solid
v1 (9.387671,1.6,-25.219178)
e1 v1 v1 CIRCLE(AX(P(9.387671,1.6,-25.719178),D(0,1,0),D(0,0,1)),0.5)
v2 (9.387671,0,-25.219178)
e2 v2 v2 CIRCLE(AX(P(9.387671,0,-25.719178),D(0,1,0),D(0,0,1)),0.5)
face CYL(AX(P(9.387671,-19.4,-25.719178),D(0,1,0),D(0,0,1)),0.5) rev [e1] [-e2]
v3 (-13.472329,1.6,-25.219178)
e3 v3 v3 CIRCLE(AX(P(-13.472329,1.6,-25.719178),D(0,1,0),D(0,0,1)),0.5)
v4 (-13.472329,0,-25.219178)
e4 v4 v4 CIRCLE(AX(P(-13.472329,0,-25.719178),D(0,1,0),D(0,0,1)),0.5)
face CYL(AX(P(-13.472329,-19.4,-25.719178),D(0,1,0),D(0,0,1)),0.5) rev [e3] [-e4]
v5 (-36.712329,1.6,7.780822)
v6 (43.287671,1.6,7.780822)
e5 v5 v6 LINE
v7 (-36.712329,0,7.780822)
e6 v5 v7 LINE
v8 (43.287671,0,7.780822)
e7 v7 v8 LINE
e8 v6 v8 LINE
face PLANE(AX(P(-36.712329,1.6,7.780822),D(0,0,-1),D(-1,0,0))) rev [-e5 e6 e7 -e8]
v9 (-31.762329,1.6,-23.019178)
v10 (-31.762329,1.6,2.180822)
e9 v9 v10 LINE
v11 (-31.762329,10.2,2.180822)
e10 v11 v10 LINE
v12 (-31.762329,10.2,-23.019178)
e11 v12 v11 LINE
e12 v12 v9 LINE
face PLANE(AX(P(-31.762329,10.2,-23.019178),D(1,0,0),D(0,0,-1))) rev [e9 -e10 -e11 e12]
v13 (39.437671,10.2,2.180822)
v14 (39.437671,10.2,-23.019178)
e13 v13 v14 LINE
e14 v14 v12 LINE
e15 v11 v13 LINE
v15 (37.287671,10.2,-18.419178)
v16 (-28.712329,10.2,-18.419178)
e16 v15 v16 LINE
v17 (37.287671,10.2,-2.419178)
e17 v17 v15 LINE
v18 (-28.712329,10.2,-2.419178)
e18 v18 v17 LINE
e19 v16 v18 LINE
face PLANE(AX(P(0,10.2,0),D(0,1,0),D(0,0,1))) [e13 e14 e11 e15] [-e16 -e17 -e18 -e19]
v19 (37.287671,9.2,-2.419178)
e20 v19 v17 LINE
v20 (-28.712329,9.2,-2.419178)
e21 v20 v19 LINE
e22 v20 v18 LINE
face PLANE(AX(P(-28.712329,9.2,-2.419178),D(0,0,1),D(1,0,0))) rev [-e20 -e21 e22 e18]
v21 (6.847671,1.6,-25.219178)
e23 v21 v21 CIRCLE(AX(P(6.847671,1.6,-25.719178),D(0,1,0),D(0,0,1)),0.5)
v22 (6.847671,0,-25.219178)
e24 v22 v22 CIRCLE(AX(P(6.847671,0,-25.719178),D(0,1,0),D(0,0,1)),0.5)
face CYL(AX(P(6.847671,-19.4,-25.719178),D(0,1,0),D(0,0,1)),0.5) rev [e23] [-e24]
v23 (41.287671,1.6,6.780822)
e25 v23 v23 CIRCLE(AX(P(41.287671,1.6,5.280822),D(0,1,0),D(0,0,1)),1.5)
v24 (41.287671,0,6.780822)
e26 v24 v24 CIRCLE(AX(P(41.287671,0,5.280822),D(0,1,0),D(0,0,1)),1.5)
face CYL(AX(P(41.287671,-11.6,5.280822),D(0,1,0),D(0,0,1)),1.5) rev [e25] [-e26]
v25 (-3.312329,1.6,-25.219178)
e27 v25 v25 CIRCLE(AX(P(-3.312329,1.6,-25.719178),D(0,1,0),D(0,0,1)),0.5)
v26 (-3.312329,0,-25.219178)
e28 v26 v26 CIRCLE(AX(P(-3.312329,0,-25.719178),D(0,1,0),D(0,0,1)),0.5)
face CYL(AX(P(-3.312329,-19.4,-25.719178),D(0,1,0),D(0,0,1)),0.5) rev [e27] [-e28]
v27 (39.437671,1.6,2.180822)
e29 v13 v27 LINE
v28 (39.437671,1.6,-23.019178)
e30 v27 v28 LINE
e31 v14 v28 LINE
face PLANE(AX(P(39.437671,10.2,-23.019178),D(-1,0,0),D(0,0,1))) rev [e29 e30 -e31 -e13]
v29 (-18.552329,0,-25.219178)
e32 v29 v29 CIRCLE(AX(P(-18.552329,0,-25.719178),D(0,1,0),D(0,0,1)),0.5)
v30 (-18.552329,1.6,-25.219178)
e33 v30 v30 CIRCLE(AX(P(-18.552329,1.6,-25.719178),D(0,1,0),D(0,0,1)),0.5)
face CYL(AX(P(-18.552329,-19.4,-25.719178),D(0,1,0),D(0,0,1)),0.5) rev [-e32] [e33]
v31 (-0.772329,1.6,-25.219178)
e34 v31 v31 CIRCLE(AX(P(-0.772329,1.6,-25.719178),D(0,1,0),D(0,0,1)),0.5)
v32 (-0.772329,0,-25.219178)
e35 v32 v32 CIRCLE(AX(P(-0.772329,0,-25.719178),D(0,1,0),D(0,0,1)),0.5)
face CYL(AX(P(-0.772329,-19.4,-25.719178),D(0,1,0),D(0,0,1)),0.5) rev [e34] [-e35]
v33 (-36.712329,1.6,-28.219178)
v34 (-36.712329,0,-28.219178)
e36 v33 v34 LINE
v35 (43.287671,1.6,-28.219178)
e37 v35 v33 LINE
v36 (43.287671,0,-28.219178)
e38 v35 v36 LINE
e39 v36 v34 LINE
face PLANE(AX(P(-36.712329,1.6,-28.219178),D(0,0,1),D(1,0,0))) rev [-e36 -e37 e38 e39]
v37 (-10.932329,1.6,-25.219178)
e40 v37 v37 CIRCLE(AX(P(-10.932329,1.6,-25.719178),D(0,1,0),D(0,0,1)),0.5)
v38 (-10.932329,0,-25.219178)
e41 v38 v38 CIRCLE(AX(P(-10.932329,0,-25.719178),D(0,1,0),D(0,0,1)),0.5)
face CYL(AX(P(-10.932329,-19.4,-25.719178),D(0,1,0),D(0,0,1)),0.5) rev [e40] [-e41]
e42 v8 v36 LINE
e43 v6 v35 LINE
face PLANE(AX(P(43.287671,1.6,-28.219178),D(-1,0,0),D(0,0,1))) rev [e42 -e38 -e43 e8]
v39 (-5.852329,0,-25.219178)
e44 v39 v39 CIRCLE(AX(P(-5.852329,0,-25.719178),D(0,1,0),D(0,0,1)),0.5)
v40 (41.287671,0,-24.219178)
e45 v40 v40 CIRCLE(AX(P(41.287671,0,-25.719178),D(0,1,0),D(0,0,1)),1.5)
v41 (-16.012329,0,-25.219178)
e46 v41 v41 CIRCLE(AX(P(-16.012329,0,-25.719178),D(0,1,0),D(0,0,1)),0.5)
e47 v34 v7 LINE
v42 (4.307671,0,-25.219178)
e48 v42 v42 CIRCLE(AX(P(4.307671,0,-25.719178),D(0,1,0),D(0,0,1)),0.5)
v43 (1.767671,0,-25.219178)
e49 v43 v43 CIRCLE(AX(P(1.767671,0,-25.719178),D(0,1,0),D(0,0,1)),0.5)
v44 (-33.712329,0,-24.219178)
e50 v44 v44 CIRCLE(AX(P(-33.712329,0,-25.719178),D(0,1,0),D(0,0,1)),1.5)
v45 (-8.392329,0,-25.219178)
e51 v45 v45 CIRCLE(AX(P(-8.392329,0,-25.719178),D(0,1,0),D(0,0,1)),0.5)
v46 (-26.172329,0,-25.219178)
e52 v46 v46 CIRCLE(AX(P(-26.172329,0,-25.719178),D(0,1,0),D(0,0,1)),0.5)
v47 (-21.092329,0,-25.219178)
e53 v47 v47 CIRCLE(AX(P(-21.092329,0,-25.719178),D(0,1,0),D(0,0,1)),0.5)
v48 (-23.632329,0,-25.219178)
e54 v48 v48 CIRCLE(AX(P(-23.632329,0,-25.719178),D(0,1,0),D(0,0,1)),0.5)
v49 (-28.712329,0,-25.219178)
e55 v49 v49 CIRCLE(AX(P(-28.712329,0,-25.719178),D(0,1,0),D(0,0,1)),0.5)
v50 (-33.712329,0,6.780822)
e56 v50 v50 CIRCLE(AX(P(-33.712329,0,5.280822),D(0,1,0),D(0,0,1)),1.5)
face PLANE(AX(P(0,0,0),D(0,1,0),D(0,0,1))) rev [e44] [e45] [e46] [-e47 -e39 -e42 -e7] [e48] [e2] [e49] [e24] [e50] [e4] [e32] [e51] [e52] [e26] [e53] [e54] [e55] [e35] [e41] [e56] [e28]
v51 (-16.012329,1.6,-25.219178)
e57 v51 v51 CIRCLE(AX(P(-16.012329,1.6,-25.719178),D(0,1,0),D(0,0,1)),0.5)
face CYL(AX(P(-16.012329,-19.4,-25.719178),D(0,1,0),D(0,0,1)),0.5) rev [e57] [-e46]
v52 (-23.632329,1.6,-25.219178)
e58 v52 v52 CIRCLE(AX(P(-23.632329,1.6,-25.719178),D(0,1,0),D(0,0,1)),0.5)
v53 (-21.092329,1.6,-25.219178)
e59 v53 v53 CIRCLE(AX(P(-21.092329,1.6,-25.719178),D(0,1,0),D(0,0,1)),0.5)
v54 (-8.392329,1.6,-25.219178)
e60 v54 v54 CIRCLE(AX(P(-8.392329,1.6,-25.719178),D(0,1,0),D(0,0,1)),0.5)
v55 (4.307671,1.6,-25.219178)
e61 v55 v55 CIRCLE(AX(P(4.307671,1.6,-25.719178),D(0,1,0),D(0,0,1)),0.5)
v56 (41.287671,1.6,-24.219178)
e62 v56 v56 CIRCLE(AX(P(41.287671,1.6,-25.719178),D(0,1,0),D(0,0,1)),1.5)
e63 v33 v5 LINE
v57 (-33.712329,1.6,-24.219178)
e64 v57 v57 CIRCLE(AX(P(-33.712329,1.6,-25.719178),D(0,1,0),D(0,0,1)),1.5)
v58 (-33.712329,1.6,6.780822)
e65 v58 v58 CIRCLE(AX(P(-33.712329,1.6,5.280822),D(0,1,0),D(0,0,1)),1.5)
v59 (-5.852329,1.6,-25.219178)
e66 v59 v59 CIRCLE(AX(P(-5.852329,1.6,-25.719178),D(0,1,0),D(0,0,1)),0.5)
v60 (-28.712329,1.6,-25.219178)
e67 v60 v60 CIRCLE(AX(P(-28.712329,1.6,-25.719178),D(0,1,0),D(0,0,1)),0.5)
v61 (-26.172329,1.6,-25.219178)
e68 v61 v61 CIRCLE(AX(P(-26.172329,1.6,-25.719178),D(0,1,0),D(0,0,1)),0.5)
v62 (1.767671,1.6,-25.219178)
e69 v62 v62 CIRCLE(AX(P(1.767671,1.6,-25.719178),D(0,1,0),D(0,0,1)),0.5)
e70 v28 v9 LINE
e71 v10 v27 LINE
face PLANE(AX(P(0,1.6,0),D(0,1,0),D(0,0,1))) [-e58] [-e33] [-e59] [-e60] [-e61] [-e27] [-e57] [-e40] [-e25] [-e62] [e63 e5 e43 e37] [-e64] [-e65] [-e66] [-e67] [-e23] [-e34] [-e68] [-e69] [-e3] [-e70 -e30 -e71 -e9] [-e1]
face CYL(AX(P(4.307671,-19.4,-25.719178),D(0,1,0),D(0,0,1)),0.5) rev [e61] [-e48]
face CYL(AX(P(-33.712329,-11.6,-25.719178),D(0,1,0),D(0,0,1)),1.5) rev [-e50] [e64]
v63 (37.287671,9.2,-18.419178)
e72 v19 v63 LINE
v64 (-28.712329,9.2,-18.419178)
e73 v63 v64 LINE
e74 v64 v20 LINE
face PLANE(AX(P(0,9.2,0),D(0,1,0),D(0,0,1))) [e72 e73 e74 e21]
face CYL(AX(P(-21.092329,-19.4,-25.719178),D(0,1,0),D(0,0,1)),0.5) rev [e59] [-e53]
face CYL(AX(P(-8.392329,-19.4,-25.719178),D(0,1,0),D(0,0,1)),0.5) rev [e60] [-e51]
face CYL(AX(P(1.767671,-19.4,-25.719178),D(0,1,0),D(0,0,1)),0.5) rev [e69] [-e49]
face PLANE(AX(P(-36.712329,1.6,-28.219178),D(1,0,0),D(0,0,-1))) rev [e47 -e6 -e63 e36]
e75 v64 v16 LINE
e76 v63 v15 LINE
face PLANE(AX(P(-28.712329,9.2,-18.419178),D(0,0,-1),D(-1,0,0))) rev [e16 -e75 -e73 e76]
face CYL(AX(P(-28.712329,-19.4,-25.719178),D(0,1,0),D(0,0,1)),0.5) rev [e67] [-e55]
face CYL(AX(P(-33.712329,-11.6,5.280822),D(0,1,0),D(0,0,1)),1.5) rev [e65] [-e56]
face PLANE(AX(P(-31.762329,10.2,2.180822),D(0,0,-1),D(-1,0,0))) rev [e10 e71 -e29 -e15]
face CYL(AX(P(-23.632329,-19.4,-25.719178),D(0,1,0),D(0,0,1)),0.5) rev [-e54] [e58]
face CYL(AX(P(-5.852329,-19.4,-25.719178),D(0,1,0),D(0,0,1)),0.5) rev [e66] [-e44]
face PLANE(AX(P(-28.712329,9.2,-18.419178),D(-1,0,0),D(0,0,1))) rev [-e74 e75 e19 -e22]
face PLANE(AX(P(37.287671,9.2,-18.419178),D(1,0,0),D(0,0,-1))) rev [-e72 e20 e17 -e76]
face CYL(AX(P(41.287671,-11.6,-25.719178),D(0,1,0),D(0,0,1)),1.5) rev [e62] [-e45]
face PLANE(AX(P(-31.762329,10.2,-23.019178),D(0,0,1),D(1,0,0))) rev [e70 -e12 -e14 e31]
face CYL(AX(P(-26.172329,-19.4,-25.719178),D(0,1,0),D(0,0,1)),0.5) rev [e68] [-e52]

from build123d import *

# Parameters (mm, degrees)
SKETCH1_W           = 80
SKETCH1_H           = 36
BOSS_EXTRUDE1_DEPTH = 1.6
SKETCH2_W           = 71.2
SKETCH2_H           = 25.2
BOSS_EXTRUDE2_DEPTH = 8.6
SKETCH3_R           = 1.5
CUT_EXTRUDE3_DEPTH  = 13.2
SKETCH6_W           = 66
SKETCH6_H           = 16
CUT_EXTRUDE4_DEPTH  = 1
SKETCH7_R           = 0.5
CUT_EXTRUDE5_DEPTH  = 21


with BuildPart() as part:
    # Sketch1 → Boss-Extrude1 (new body)
    with BuildSketch(Plane(origin=(0, 0, 0), x_dir=(1, 0, 0), z_dir=(0, 1, 0))):
        with Locations((3.287671233, 10.219178082)):
            Rectangle(SKETCH1_W, SKETCH1_H)
    extrude(amount=BOSS_EXTRUDE1_DEPTH)

    # Sketch2 → Boss-Extrude2 (add)
    with BuildSketch(Plane(origin=(0, 1.6, 0), x_dir=(1, 0, 0), z_dir=(0, 1, 0))):
        with Locations((3.837671233, 10.419178082)):
            Rectangle(SKETCH2_W, SKETCH2_H)
    extrude(amount=BOSS_EXTRUDE2_DEPTH)

    # Sketch3 → Cut-Extrude3 (cut)
    with BuildSketch(Plane(origin=(0, 1.6, 0), x_dir=(1, 0, 0), z_dir=(0, 1, 0))):
        with Locations(Location((-33.712328767, 25.719178082, 0), (0, 0, 270))):
            Circle(SKETCH3_R)
        with Locations(Location((41.287671233, 25.719178082, 0), (0, 0, 270))):
            Circle(SKETCH3_R)
        with Locations(Location((-33.712328767, -5.280821918, 0), (0, 0, 270))):
            Circle(SKETCH3_R)
        with Locations(Location((41.287671233, -5.280821918, 0), (0, 0, 270))):
            Circle(SKETCH3_R)
    extrude(amount=-CUT_EXTRUDE3_DEPTH, mode=Mode.SUBTRACT)

    # Sketch6 → Cut-Extrude4 (cut)
    with BuildSketch(Plane(origin=(0, 10.2, 0), x_dir=(1, 0, 0), z_dir=(0, 1, 0))):
        with Locations((4.287671233, 10.419178082)):
            Rectangle(SKETCH6_W, SKETCH6_H)
    extrude(amount=-CUT_EXTRUDE4_DEPTH, mode=Mode.SUBTRACT)

    # Sketch7 → Cut-Extrude5 (cut)
    with BuildSketch(Plane(origin=(0, 1.6, 0), x_dir=(1, 0, 0), z_dir=(0, 1, 0))):
        with Locations(Location((-28.712328767, 25.719178082, 0), (0, 0, 270))):
            Circle(SKETCH7_R)
        with Locations(Location((-26.172328767, 25.719178082, 0), (0, 0, 270))):
            Circle(SKETCH7_R)
        with Locations(Location((-23.632328767, 25.719178082, 0), (0, 0, 270))):
            Circle(SKETCH7_R)
        with Locations(Location((-21.092328767, 25.719178082, 0), (0, 0, 270))):
            Circle(SKETCH7_R)
        with Locations(Location((-18.552328767, 25.719178082, 0), (0, 0, 270))):
            Circle(SKETCH7_R)
        with Locations(Location((-16.012328767, 25.719178082, 0), (0, 0, 270))):
            Circle(SKETCH7_R)
        with Locations(Location((-13.472328767, 25.719178082, 0), (0, 0, 270))):
            Circle(SKETCH7_R)
        with Locations(Location((-10.932328767, 25.719178082, 0), (0, 0, 270))):
            Circle(SKETCH7_R)
        with Locations(Location((-8.392328767, 25.719178082, 0), (0, 0, 270))):
            Circle(SKETCH7_R)
        with Locations(Location((-5.852328767, 25.719178082, 0), (0, 0, 270))):
            Circle(SKETCH7_R)
        with Locations(Location((-3.312328767, 25.719178082, 0), (0, 0, 270))):
            Circle(SKETCH7_R)
        with Locations(Location((-0.772328767, 25.719178082, 0), (0, 0, 270))):
            Circle(SKETCH7_R)
        with Locations(Location((1.767671233, 25.719178082, 0), (0, 0, 270))):
            Circle(SKETCH7_R)
        with Locations(Location((4.307671233, 25.719178082, 0), (0, 0, 270))):
            Circle(SKETCH7_R)
        with Locations(Location((6.847671233, 25.719178082, 0), (0, 0, 270))):
            Circle(SKETCH7_R)
        with Locations(Location((9.387671233, 25.719178082, 0), (0, 0, 270))):
            Circle(SKETCH7_R)
    extrude(amount=-CUT_EXTRUDE5_DEPTH, mode=Mode.SUBTRACT)


solid = part.part
